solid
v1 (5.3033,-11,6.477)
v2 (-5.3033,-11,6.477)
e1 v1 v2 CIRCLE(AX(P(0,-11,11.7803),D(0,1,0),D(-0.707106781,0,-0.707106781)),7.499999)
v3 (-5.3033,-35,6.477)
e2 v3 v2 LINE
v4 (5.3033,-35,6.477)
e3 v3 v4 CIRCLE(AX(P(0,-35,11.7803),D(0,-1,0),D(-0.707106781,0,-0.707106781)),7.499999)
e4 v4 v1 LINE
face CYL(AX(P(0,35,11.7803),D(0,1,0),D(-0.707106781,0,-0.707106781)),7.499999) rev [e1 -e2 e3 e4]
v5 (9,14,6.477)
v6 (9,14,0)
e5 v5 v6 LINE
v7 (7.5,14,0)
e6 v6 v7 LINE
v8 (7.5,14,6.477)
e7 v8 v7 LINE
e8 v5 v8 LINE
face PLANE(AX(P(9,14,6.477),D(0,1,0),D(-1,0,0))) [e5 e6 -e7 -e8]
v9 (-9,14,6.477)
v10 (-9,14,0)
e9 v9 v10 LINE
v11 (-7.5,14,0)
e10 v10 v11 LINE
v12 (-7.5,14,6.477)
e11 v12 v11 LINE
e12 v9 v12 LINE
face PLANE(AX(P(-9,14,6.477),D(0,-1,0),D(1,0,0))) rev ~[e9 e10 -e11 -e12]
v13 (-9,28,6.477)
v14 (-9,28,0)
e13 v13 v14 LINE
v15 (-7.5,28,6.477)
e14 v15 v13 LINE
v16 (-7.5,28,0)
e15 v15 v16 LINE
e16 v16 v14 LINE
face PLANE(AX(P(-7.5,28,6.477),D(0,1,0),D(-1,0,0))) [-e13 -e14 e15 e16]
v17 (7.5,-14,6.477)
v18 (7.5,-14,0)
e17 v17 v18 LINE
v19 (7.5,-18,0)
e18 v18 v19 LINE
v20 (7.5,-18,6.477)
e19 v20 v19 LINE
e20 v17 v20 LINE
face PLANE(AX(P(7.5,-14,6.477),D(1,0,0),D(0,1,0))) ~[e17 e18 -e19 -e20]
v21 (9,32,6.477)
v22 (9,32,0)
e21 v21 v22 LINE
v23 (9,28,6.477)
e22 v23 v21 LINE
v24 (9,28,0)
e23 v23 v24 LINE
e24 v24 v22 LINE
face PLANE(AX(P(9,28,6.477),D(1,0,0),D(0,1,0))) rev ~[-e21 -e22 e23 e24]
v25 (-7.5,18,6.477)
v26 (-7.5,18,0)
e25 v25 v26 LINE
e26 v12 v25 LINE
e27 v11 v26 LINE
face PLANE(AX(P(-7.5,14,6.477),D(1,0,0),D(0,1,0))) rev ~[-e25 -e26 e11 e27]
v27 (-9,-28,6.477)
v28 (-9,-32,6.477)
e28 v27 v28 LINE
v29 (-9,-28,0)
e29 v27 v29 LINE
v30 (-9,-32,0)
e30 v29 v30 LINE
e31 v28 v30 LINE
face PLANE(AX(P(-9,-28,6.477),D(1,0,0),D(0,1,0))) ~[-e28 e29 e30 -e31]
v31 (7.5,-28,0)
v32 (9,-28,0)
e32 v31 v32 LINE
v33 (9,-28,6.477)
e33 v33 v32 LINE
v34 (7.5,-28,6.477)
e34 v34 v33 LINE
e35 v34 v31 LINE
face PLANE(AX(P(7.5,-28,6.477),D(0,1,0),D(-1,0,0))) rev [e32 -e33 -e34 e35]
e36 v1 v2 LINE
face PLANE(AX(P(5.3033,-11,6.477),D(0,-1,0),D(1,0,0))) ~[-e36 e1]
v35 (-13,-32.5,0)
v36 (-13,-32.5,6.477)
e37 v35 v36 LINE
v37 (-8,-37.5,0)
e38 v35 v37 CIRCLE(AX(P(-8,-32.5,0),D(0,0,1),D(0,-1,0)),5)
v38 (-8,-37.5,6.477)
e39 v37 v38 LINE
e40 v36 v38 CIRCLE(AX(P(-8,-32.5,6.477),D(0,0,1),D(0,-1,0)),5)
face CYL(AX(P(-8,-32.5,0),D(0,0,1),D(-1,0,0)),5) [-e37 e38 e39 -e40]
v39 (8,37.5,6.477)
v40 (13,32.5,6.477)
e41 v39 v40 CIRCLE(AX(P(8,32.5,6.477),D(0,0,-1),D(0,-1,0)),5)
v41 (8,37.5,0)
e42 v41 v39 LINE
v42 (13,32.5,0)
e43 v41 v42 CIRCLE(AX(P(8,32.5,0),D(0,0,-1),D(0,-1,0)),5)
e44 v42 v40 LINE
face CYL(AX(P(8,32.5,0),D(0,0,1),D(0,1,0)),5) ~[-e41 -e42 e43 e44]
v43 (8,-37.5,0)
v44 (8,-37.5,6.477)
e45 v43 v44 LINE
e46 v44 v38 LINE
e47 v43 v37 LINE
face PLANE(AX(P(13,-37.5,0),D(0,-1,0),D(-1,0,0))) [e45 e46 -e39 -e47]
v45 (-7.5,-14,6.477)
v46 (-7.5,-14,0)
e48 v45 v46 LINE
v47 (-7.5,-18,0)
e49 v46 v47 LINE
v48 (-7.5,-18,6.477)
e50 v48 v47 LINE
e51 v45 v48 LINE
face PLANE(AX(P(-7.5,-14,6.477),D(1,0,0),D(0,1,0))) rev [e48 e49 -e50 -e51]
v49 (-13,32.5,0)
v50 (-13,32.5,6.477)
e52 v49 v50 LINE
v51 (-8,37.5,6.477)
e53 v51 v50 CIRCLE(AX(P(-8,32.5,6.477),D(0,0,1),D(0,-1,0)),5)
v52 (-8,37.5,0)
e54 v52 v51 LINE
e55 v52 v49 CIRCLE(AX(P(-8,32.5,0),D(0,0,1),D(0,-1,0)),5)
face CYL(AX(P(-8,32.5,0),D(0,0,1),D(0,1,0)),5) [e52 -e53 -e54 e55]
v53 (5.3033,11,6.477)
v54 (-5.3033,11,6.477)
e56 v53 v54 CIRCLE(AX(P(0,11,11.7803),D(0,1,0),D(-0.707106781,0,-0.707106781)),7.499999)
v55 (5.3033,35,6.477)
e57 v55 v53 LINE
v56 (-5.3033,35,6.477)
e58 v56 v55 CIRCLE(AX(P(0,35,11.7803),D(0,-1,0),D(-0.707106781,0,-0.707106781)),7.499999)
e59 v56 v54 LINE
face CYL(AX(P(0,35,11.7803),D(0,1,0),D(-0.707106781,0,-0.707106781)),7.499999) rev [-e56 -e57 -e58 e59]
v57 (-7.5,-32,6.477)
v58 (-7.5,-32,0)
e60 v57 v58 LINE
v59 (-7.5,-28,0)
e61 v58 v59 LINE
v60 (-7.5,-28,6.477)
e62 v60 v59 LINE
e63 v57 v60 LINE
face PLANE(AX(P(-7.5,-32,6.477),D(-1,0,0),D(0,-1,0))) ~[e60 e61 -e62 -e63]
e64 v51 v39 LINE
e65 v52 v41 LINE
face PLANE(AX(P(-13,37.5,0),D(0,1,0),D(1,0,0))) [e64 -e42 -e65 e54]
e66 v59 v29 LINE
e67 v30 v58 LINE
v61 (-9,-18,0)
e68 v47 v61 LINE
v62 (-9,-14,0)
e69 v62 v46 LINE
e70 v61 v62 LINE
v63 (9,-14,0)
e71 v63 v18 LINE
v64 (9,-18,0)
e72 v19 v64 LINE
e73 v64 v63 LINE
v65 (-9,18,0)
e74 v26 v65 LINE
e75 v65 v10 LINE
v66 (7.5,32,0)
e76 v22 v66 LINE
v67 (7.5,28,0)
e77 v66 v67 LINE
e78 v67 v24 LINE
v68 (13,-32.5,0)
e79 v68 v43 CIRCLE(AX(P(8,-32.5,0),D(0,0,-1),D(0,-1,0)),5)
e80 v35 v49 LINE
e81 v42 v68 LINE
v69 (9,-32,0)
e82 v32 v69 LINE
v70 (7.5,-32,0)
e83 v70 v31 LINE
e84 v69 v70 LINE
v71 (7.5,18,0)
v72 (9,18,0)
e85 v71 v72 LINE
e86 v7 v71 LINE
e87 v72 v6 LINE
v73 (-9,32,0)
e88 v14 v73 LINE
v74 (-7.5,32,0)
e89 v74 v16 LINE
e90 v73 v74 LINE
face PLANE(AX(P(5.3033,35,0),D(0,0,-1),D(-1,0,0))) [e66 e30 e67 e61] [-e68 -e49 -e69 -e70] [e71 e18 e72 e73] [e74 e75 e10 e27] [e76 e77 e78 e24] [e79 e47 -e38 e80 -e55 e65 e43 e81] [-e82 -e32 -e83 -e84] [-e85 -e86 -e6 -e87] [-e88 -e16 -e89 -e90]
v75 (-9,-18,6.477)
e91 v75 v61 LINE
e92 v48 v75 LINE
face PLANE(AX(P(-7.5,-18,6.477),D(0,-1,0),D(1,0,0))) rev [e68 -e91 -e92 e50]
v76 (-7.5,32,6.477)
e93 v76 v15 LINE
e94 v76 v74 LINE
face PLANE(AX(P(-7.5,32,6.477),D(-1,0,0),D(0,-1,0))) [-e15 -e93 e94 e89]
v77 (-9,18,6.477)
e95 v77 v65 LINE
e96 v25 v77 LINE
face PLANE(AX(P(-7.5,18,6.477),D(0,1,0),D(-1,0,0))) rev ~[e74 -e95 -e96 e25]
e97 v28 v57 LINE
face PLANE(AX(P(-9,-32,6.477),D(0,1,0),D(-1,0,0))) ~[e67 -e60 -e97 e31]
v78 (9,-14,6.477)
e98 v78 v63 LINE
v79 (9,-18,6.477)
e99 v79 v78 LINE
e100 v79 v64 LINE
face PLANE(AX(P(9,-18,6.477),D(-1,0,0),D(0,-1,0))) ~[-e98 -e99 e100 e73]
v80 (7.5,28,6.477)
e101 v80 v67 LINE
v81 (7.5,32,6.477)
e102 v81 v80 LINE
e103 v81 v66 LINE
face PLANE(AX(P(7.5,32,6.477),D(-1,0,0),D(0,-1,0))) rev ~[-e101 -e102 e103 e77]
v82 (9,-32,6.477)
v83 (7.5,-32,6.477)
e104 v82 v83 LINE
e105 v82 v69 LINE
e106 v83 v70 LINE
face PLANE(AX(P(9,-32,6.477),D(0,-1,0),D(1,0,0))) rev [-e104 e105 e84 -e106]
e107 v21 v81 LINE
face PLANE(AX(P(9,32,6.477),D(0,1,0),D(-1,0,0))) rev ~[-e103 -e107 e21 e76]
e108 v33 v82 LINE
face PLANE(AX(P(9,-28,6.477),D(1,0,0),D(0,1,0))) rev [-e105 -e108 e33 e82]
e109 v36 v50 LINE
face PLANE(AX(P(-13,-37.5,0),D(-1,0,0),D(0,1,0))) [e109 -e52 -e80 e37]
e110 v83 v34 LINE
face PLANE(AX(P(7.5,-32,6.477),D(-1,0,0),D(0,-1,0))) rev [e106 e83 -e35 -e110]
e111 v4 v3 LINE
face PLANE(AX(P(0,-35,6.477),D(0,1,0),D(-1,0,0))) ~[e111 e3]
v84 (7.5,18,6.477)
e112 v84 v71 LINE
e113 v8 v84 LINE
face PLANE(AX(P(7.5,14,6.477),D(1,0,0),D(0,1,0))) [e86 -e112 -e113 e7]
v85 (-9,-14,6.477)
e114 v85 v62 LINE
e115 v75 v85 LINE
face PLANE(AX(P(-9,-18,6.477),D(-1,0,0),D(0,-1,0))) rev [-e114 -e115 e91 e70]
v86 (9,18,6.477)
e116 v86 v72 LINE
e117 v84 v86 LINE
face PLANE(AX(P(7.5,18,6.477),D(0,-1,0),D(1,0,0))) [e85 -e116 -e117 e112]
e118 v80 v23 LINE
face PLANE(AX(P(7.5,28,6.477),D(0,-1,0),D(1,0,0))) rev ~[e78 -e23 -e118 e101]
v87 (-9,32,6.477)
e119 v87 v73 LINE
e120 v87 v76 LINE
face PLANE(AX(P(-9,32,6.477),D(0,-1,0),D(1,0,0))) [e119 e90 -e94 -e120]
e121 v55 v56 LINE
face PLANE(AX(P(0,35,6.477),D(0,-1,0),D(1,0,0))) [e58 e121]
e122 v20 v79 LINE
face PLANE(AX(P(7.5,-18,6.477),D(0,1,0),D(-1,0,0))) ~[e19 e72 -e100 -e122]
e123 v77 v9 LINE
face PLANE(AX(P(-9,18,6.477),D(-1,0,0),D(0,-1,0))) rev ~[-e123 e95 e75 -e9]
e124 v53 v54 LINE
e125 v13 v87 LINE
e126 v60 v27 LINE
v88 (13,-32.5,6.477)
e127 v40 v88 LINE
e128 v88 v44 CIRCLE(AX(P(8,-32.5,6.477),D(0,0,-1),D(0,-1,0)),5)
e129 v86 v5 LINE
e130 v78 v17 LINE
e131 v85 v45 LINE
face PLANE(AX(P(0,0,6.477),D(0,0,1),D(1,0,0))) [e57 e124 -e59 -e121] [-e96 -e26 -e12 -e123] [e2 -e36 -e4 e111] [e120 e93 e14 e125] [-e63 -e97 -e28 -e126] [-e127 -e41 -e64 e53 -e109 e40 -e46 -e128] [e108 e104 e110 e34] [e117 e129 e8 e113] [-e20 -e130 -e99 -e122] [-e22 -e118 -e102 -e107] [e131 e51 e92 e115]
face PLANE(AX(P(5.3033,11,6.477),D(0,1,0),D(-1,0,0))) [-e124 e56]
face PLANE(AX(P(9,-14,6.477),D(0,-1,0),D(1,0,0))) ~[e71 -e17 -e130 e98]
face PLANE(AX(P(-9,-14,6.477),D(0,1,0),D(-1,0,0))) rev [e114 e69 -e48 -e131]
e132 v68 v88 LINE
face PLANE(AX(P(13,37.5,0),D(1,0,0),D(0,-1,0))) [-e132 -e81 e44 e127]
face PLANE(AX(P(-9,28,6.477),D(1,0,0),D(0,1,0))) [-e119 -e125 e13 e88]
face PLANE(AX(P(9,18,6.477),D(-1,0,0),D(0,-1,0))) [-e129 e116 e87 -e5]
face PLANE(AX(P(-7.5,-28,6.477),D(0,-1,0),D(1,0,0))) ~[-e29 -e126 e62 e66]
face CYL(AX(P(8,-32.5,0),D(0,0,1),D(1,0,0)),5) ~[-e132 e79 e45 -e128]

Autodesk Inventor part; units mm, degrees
ref_plane "YZ Plane" through (0, 0, 0) normal (1, 0, 0) x (0, 1, 0)
ref_plane "XZ Plane" through (0, 0, 0) normal (0, 1, 0) x (-1, 0, 0)
ref_plane "XY Plane" through (0, 0, 0) normal (0, 0, 1) x (1, 0, 0)
sketch "Sketch1" plane through (0, 0, 0) normal (0, 0, 1) x (1, 0, 0)
  line L0 (-13, 37.5) -> (13, 37.5)
  line L1 (13, 37.5) -> (13, -37.5)
  line L2 (13, -37.5) -> (-13, -37.5)
  line L3 (-13, -37.5) -> (-13, 37.5)
  point P0 (0, 0)
  point P1 (-13, 0)
  point P2 (0, 37.5)
  dimension "d0" = 26
  dimension "d2" = 75
extrude "Extrusion1" add sketch "Sketch1" along normal blind 6.477
sketch "Sketch2" plane through (0, 0, 6.477) normal (0, 0, 1) x (1, 0, 0)
  line L0 (13, 37.5) -> (-13, 37.5) projected
  line L1 (-5.3033, 35) -> (5.3033, 35)
  line L2 (5.3033, 35) -> (5.3033, 11)
  line L3 (5.3033, 11) -> (-5.3033, 11)
  line L4 (-5.3033, 11) -> (-5.3033, 35)
  circle A0 centre (0, 35) radius 7.5
  line L5 (0, 35) -> (5.3033, 29.6967)
  point P0 (0, 0)
  point P1 (0, 37.5)
  dimension "d7" = 15
  dimension "d5" = 35
  dimension "d6" = 45
  dimension "d8" = 24
extrude "Extrusion2" cut sketch "Sketch2" against normal through all contours A0 L2 L3 L4 | L4 L1 L5 A0 | L5 L1 L2
sketch "Sketch3" plane through (0, 0, 6.477) normal (0, 0, 1) x (1, 0, 0)
  line L0 (-5.3033, 11) -> (-5.3033, 35) projected
  line L1 (-5.3033, 35) -> (5.3033, 35) projected
  line L2 (-7.5, 28) -> (7.5, 28) construction
  line L3 (7.5, 28) -> (7.5, 18) construction
  line L4 (7.5, 18) -> (-7.5, 18) construction
  line L5 (-7.5, 18) -> (-7.5, 28) construction
  line L6 (-7.5, 28) -> (-9, 28)
  line L7 (-9, 28) -> (-9, 32)
  line L8 (-9, 32) -> (-7.5, 32)
  line L9 (-7.5, 32) -> (-7.5, 28)
  line L10 (7.5, 28) -> (9, 28)
  line L11 (9, 28) -> (9, 32)
  line L12 (9, 32) -> (7.5, 32)
  line L13 (7.5, 32) -> (7.5, 28)
  line L14 (7.5, 18) -> (9, 18)
  line L15 (9, 18) -> (9, 14)
  line L16 (9, 14) -> (7.5, 14)
  line L17 (7.5, 14) -> (7.5, 18)
  line L18 (-7.5, 18) -> (-9, 18)
  line L19 (-9, 18) -> (-9, 14)
  line L20 (-9, 14) -> (-7.5, 14)
  line L21 (-7.5, 14) -> (-7.5, 18)
  point P0 (0, 0)
  point P1 (0, 28)
  point P2 (0, 35)
  point P3 (-7.5, 23)
  point P4 (-5.3033, 23)
  point P5 (-7.5, 30)
  dimension "d11" = 4
  dimension "d13" = 1.5
  dimension "d14" = 15
  dimension "d15" = 5
extrude "Extrusion3" cut sketch "Sketch3" against normal through all
mirror "Mirror1" about plane through (0, 0, 0) normal (0, 1, 0) of "Extrusion3", "Extrusion2"
sketch "Sketch4" plane through (-5.3033, 35, 6.477) normal (0, -1, 0) x (1, 0, 0)
  line L0 (10.6066, -6.477) -> (0, -6.477) projected
  line L1 (10.6066, 0) -> (10.6066, -6.477) projected
  line L2 (0, 0) -> (10.6066, 0) projected
  line L3 (0, 0) -> (0, -6.477) projected
  arc A0 (0, 0) -> (10.6066, 0) centre (5.3033, 5.3033) ccw
  point P0 (5.3033, -6.477)
  dimension "d18" = 15
extrude "Extrusion4" add sketch "Sketch4" along normal up to surface (70 mm away) contours L0 L3 A0 L1
fillet "Fillet1" radius 5 4 edges at (13, -37.5, 3.2385) (13, 37.5, 3.2385) (-13, 37.5, 3.2385) (-13, -37.5, 3.2385)
properties part number "Y BEARING BLOCK"
